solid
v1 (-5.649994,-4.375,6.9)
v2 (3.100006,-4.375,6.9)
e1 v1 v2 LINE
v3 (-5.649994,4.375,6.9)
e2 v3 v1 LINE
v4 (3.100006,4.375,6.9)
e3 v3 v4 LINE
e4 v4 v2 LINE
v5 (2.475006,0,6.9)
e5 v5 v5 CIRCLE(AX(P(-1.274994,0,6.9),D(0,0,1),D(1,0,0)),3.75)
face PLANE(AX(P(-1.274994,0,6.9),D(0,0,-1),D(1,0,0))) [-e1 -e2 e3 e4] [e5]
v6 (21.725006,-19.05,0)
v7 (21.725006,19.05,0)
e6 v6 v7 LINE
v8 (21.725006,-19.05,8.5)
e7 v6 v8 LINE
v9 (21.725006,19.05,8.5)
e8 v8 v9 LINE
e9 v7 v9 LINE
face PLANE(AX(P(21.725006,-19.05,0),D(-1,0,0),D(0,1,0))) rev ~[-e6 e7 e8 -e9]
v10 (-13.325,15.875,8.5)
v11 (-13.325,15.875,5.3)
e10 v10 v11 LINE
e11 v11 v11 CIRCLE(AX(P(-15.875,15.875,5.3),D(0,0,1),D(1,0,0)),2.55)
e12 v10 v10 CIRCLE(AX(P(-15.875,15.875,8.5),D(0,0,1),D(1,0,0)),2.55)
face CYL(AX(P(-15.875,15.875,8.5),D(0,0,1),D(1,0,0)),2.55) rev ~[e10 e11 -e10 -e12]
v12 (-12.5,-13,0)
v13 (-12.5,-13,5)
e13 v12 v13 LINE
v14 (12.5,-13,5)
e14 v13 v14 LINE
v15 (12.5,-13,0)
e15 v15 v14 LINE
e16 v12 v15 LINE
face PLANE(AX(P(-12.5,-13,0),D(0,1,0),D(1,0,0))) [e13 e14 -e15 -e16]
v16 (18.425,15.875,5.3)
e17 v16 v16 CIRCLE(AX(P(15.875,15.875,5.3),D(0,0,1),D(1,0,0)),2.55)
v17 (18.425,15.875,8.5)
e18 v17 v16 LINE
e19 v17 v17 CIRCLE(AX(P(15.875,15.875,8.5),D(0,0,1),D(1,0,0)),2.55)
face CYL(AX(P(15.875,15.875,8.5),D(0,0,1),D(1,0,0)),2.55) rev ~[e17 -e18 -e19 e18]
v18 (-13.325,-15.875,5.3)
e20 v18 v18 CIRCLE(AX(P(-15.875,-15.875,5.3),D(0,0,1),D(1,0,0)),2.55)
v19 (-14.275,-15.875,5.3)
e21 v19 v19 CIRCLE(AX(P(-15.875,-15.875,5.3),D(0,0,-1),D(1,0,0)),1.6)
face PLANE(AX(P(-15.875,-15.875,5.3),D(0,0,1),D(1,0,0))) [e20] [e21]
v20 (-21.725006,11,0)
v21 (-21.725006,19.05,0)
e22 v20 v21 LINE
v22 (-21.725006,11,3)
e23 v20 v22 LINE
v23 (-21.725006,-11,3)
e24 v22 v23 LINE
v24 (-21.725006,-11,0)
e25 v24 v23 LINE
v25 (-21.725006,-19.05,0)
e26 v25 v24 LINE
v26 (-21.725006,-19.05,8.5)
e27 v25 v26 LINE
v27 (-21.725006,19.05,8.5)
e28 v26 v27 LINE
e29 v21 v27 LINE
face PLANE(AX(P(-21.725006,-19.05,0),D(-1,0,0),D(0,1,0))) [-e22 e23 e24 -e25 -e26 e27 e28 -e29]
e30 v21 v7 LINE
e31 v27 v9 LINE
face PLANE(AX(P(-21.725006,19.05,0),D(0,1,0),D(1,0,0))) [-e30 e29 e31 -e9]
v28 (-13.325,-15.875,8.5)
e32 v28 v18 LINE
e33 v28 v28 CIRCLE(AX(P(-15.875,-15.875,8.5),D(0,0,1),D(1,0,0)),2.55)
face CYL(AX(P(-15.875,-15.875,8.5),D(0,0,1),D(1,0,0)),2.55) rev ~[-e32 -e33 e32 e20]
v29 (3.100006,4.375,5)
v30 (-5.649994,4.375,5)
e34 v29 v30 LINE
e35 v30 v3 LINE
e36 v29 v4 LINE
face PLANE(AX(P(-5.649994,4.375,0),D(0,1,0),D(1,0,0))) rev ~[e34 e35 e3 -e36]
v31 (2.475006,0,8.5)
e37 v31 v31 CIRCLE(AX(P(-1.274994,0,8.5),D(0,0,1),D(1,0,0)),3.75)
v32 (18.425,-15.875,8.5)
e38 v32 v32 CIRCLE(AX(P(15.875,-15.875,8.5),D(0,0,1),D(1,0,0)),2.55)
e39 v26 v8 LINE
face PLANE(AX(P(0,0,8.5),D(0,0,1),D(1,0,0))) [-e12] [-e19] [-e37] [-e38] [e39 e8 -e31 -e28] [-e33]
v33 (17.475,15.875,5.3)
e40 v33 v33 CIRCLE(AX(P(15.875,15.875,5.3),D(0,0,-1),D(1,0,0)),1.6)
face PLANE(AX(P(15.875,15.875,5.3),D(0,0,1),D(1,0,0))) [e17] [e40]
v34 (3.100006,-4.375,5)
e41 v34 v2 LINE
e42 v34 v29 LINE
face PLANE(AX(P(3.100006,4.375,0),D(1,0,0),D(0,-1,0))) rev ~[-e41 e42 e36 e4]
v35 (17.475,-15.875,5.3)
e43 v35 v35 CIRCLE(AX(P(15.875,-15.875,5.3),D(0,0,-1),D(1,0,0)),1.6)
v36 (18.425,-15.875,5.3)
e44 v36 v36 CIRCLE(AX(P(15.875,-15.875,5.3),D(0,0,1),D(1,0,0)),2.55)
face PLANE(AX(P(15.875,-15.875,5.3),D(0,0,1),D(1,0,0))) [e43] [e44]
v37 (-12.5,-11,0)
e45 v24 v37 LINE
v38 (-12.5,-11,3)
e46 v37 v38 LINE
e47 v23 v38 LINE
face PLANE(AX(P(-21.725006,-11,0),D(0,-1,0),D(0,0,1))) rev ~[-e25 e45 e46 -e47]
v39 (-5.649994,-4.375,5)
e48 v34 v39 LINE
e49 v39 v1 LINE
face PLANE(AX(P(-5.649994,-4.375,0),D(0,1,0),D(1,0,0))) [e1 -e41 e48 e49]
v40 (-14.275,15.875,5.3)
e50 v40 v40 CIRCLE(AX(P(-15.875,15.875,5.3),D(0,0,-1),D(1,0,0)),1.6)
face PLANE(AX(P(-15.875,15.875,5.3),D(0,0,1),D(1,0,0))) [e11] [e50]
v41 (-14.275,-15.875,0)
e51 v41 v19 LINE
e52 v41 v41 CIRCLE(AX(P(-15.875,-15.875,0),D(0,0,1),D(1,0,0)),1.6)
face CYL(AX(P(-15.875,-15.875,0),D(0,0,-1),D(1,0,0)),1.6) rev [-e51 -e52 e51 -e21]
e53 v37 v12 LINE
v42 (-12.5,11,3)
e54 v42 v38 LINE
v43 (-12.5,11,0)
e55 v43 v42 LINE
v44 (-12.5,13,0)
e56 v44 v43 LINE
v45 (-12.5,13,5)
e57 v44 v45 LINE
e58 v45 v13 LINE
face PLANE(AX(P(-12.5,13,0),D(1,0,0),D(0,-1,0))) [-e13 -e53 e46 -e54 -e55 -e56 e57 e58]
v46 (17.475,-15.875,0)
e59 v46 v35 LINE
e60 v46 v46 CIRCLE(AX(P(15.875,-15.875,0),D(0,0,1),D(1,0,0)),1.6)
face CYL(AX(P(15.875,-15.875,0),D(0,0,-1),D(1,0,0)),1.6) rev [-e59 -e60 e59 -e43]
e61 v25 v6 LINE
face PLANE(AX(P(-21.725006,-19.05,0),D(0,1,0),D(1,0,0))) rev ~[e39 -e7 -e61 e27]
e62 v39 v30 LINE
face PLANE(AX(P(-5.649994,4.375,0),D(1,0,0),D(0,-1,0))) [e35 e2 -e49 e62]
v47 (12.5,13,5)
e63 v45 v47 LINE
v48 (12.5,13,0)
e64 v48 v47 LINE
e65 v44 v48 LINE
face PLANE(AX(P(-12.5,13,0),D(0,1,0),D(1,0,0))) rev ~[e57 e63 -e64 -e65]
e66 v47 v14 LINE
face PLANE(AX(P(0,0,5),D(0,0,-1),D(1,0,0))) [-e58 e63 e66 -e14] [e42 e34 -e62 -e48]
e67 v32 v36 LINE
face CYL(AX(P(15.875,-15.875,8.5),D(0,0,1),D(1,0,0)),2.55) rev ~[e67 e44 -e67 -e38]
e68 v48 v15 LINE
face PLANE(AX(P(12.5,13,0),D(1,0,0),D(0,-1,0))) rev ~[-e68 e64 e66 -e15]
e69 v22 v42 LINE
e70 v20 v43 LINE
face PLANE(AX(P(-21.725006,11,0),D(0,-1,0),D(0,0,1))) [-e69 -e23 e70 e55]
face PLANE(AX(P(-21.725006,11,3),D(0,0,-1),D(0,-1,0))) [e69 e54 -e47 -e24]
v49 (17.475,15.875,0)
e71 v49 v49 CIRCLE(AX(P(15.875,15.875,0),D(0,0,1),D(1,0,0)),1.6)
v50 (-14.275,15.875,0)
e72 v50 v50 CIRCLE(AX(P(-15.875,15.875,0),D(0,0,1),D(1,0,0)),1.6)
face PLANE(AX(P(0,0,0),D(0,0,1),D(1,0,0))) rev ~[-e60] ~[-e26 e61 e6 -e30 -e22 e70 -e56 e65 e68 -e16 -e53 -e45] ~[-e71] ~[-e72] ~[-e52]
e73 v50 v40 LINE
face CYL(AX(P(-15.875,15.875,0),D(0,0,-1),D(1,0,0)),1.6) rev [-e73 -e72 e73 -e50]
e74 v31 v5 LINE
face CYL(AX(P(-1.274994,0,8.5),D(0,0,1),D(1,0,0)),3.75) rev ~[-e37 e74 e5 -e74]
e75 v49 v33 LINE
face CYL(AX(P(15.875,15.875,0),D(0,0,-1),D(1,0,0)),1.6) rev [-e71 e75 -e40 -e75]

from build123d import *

# Parameters (mm, degrees)
F0_W      = 43.450012
F0_H      = 38.1
F0_R      = 1.6
F1_DEPTH  = 8.5
F2_R      = 2.55
F3_DEPTH  = 3.2
F4_R      = 3.75
F5_DEPTH  = 8.5
F6_W      = 8.75
F6_H      = 8.75
F7_DEPTH  = 6.9
F8_W      = 25
F8_H      = 26
F9_DEPTH  = 5
F10_W     = 22
F10_H     = 3
F11_DEPTH = 9.225006


with BuildPart() as f1:
    # F0 (on Top) → F1 (new body)
    with BuildSketch(Plane.XY):
        Rectangle(F0_W, F0_H)
        with Locations((-15.875, -15.875)):
            Circle(F0_R, mode=Mode.SUBTRACT)
        with Locations((15.875, -15.875)):
            Circle(F0_R, mode=Mode.SUBTRACT)
        with Locations((-15.875, 15.875)):
            Circle(F0_R, mode=Mode.SUBTRACT)
        with Locations((15.875, 15.875)):
            Circle(F0_R, mode=Mode.SUBTRACT)
    extrude(amount=F1_DEPTH)

    # F2 (on face) → F3 (cut)
    with BuildSketch(Plane.XY.offset(8.5)):
        with Locations((-15.875, 15.875)):
            Circle(F2_R)
        with Locations((-15.875, -15.875)):
            Circle(F2_R)
        with Locations((15.875, 15.875)):
            Circle(F2_R)
        with Locations((15.875, -15.875)):
            Circle(F2_R)
    extrude(amount=-F3_DEPTH, mode=Mode.SUBTRACT)

    # F4 (on face) → F5 (cut, through all)
    with BuildSketch(Plane.XY.offset(8.5)):
        with Locations((-1.274994, 0)):
            Circle(F4_R)
    extrude(amount=-F5_DEPTH, mode=Mode.SUBTRACT)

    # F6 (on face) → F7 (cut)
    with BuildSketch(Plane(origin=(0, 0, 0), x_dir=(1, 0, 0), z_dir=(0, 0, -1))):
        with Locations((-1.274994, 0)):
            Rectangle(F6_W, F6_H)
    extrude(amount=-F7_DEPTH, mode=Mode.SUBTRACT)

    # F8 (on face) → F9 (cut)
    with BuildSketch(Plane(origin=(0, 0, 0), x_dir=(1, 0, 0), z_dir=(0, 0, -1))):
        Rectangle(F8_W, F8_H)
    extrude(amount=-F9_DEPTH, mode=Mode.SUBTRACT)

    # F10 (on face) → F11 (cut, through all)
    with BuildSketch(Plane(origin=(-21.725006, 0, 0), x_dir=(0, -1, 0), z_dir=(-1, 0, 0))):
        with Locations((0, 1.5)):
            Rectangle(F10_W, F10_H)
    extrude(amount=-F11_DEPTH, mode=Mode.SUBTRACT)


solid = f1.part
